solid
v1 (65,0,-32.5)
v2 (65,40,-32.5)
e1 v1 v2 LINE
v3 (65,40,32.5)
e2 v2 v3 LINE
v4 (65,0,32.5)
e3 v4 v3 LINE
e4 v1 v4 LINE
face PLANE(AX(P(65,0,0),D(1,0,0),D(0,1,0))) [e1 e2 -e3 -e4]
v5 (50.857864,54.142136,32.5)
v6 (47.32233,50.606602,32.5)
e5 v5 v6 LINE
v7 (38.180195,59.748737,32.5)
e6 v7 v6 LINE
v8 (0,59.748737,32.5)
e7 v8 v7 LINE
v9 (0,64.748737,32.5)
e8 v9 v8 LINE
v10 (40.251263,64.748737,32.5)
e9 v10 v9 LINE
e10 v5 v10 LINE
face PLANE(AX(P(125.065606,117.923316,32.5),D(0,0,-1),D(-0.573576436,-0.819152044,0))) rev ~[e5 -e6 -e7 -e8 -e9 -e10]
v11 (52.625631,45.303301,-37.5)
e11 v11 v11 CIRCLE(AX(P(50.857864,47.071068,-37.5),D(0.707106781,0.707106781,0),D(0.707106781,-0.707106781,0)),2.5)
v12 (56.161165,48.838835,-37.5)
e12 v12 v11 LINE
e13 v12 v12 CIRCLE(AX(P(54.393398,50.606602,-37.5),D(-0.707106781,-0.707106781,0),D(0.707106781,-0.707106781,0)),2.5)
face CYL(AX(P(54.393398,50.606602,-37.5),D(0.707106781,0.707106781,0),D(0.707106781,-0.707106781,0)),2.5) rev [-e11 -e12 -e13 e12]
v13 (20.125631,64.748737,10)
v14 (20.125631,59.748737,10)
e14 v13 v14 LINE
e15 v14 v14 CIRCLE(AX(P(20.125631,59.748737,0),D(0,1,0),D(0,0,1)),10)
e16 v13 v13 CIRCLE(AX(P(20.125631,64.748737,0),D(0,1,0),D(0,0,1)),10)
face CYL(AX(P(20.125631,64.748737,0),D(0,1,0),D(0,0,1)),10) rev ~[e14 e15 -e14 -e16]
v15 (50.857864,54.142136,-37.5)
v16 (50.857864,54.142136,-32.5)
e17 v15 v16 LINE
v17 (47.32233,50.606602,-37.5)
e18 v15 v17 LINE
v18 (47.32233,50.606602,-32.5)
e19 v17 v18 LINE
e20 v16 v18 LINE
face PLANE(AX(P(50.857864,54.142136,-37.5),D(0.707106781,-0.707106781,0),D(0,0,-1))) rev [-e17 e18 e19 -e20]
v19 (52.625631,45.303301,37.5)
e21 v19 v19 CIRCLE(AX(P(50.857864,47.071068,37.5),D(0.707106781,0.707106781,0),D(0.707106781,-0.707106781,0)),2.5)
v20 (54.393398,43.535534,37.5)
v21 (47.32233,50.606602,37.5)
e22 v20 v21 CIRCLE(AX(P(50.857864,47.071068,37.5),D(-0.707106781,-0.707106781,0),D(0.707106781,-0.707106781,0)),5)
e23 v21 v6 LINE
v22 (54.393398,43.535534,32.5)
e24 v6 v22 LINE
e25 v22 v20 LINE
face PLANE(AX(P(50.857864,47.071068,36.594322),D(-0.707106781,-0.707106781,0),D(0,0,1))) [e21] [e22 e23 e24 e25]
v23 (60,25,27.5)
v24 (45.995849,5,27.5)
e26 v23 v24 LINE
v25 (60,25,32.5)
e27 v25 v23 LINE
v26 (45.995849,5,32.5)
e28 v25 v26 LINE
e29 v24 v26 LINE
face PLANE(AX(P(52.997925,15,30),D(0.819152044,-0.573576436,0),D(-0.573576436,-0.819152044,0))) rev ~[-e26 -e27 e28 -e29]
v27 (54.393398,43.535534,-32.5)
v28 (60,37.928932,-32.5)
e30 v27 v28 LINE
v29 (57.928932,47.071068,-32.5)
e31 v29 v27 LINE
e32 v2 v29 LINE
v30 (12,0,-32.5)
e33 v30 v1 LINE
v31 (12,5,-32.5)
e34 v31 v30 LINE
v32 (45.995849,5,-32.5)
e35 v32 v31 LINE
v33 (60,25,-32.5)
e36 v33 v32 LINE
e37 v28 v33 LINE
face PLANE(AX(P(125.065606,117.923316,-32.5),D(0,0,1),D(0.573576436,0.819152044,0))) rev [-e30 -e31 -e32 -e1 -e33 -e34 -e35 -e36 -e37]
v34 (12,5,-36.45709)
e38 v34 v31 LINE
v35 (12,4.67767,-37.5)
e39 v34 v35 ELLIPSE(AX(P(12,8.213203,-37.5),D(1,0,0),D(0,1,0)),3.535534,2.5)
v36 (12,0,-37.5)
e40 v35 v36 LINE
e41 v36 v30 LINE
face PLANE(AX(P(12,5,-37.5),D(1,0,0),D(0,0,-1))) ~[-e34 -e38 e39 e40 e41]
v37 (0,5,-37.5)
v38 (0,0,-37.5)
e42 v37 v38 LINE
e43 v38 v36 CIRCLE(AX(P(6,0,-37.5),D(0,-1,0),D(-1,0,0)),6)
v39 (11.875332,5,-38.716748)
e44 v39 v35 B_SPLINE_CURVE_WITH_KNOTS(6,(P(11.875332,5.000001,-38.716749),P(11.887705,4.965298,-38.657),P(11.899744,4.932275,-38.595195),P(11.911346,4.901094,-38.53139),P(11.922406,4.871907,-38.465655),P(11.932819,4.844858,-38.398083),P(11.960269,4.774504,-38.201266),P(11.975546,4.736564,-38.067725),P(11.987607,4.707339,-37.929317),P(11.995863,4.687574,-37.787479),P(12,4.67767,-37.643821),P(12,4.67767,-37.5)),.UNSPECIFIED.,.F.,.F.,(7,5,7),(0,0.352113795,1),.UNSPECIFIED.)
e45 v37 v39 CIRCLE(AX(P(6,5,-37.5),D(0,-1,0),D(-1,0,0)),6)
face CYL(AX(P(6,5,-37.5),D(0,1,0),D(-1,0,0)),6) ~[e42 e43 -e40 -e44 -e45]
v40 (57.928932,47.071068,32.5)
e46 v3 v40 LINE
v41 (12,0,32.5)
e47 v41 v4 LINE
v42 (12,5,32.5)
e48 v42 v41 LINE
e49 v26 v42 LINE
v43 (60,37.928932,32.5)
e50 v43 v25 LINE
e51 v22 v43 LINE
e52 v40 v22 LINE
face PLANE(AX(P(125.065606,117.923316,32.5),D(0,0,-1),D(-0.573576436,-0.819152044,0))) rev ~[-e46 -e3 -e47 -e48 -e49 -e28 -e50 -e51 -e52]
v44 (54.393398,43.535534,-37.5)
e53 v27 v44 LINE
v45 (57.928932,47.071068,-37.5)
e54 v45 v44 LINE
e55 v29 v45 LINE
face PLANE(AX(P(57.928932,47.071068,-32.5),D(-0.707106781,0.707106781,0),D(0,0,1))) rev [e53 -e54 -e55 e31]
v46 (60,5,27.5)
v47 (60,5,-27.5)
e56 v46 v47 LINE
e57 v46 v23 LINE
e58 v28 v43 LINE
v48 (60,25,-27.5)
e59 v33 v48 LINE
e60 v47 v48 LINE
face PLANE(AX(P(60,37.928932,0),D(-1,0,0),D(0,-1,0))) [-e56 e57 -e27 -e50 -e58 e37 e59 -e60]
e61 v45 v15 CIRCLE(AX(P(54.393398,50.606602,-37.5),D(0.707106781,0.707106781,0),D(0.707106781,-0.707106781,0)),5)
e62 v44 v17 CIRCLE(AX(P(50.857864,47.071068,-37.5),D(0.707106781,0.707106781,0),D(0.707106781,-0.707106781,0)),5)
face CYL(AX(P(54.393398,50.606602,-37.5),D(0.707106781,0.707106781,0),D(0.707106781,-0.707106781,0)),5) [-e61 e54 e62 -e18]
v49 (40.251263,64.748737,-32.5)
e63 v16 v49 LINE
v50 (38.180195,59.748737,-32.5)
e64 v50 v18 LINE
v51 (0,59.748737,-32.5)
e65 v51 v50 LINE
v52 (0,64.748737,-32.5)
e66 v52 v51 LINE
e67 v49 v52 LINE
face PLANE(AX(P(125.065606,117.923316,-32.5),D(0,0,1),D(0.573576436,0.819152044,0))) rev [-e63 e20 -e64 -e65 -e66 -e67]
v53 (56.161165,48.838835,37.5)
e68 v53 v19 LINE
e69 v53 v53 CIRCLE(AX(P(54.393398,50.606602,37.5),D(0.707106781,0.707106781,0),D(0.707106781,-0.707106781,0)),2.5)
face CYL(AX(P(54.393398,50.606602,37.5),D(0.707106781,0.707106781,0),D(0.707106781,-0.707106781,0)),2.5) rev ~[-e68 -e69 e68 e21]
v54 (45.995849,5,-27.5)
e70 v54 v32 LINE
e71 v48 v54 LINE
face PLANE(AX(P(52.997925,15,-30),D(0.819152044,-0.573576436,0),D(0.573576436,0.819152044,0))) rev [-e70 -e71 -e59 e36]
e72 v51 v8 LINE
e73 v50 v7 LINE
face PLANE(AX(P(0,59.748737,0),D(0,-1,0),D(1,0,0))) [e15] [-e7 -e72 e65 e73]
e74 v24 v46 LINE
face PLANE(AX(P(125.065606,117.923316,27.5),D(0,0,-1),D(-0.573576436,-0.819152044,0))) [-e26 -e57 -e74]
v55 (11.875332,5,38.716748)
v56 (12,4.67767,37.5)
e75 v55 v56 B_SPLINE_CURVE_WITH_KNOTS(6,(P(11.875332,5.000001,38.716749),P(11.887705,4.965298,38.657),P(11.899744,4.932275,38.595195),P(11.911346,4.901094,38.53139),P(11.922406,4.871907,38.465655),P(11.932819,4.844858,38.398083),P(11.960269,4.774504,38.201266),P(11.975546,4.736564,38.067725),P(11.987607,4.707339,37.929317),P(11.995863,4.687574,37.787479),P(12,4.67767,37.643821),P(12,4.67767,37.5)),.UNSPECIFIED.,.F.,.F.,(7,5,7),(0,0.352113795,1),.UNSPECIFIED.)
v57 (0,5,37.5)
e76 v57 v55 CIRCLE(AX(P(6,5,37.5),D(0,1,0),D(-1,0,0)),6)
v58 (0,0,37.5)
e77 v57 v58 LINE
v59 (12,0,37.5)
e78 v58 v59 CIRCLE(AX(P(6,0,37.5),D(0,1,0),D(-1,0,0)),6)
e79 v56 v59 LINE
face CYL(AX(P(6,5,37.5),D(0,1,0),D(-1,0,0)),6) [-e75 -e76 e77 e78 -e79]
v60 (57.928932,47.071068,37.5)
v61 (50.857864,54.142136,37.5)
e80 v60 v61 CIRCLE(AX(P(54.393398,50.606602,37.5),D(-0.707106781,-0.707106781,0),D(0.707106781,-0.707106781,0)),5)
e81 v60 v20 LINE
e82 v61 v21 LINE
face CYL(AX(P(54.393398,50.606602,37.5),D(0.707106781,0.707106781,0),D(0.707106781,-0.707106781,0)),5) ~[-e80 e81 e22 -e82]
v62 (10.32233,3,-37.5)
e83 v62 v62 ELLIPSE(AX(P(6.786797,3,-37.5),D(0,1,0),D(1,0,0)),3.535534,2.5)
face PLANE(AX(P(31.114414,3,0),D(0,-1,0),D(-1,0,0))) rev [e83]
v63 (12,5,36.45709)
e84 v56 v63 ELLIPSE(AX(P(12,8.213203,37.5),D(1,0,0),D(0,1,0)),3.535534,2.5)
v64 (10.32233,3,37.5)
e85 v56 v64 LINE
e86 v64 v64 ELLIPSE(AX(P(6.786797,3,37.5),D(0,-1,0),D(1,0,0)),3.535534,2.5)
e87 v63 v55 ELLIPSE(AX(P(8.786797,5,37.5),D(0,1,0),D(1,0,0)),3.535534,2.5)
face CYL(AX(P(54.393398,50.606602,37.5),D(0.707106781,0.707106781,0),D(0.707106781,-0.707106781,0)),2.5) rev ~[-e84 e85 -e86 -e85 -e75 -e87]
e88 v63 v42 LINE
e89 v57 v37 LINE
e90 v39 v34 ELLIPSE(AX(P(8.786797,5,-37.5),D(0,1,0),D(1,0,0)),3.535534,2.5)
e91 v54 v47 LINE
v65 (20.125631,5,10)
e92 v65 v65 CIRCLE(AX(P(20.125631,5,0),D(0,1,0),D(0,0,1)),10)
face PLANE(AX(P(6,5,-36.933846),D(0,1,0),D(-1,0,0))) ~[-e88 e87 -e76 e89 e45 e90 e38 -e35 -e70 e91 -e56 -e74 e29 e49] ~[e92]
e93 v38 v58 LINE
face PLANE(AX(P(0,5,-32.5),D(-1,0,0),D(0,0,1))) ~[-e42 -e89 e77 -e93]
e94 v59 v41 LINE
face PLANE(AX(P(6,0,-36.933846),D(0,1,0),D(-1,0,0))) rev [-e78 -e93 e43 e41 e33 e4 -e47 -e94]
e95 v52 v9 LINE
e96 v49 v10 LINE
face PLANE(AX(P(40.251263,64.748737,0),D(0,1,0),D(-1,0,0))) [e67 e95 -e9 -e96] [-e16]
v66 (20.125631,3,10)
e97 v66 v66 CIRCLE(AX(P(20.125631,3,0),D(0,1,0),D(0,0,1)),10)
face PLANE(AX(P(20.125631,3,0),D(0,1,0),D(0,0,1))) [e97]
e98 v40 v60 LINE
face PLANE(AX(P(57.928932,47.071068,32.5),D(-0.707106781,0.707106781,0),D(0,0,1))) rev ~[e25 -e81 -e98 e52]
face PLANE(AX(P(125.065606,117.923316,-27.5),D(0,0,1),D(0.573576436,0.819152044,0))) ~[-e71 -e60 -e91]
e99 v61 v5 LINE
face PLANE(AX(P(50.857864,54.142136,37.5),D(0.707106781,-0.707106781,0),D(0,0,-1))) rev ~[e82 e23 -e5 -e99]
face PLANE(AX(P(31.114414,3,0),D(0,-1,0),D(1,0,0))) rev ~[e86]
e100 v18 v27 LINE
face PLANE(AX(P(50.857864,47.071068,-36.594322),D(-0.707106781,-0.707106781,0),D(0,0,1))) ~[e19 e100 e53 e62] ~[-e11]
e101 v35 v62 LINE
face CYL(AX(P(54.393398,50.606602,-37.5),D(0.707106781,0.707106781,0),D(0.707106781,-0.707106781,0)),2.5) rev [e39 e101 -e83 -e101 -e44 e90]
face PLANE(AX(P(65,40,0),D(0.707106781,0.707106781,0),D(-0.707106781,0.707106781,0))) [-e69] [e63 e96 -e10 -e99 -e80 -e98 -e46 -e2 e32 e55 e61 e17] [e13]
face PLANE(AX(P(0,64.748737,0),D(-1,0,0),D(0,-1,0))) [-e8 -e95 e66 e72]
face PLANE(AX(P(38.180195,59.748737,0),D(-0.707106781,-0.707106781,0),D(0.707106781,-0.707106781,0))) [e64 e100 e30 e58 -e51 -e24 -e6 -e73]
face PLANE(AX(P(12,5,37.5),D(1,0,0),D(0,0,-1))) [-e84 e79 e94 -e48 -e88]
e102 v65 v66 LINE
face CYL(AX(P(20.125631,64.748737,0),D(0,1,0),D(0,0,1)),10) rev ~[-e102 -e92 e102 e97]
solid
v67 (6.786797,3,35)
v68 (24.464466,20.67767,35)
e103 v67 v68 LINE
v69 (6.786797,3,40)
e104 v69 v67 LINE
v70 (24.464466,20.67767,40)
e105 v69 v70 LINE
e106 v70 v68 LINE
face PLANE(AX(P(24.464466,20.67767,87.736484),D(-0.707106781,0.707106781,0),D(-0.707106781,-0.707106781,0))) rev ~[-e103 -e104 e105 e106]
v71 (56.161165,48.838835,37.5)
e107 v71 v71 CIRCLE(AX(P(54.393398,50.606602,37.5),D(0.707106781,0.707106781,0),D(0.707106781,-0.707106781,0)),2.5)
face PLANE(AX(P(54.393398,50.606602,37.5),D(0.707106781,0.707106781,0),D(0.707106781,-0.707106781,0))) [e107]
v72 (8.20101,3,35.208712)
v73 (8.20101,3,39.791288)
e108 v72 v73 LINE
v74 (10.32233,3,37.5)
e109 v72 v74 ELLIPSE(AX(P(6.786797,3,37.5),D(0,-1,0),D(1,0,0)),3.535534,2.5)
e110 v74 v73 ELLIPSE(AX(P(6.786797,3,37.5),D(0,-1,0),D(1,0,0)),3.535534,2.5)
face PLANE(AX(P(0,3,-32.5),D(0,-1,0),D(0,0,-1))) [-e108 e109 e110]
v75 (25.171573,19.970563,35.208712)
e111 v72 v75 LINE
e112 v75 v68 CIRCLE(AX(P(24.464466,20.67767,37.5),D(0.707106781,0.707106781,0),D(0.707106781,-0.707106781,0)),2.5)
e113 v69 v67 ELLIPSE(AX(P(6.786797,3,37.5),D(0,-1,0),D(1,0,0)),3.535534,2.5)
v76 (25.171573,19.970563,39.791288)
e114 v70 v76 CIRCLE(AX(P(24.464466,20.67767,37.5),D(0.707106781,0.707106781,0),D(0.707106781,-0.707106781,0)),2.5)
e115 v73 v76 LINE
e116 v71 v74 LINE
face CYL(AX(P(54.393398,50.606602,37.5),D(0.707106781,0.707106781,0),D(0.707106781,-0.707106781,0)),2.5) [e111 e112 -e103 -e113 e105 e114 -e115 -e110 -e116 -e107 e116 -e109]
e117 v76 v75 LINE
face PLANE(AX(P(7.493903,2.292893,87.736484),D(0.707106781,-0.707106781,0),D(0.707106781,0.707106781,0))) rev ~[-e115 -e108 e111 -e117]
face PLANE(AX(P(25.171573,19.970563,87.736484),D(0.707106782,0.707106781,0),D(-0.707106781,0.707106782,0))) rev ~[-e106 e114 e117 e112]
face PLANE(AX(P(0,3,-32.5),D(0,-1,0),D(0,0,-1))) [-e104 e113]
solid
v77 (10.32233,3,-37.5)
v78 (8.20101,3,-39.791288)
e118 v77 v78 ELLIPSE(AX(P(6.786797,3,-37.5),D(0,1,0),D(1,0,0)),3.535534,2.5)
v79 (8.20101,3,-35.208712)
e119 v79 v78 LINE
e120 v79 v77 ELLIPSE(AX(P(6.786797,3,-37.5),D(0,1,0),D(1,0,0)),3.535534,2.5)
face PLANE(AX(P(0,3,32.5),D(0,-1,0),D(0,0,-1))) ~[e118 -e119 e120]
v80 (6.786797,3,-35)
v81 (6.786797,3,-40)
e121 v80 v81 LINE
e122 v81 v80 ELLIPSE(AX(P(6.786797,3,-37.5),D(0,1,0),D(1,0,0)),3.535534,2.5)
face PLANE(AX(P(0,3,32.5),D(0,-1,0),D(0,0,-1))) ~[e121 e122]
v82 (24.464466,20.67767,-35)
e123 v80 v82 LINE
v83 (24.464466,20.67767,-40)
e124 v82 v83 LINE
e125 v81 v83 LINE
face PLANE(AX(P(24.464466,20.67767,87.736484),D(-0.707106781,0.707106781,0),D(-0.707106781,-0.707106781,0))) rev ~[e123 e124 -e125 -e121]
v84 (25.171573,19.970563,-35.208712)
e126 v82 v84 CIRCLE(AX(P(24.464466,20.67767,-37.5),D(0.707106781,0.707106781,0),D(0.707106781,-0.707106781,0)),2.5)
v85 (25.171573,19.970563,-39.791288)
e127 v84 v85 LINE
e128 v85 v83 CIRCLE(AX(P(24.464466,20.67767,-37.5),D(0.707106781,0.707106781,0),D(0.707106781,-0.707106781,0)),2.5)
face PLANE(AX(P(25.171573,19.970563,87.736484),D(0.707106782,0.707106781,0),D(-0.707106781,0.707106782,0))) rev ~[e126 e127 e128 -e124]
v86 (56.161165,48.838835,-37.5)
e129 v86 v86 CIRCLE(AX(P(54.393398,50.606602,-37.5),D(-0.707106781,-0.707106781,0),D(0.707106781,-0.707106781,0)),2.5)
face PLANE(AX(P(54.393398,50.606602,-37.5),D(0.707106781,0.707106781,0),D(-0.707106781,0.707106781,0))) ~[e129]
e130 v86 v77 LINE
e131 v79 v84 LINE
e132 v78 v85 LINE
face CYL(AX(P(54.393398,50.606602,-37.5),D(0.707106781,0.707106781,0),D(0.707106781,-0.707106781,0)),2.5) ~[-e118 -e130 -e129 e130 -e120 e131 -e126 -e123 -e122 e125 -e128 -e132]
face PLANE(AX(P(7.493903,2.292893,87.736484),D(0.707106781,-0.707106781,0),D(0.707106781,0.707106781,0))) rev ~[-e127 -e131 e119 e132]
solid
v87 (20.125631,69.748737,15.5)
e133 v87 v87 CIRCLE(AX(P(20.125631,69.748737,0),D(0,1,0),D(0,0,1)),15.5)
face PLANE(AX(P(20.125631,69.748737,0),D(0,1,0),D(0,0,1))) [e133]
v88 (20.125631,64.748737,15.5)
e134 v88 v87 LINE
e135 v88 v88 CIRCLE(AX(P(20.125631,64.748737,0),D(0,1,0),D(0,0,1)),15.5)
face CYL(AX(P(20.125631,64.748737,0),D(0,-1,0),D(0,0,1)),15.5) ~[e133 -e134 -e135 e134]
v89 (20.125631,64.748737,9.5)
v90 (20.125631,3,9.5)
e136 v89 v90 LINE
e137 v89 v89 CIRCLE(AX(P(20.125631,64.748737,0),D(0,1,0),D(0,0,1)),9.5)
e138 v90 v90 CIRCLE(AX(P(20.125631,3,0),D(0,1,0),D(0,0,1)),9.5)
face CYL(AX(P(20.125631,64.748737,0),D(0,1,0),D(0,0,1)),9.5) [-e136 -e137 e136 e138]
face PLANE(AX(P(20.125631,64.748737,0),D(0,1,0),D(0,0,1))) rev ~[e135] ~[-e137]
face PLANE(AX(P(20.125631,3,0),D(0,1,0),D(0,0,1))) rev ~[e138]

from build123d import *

# Parameters (mm, degrees)
BOSS_EXTRUDE1_DEPTH              = 32.5
RIB1_REACH                       = 114.438
SKETCH2_WALL_W                   = 251.292337958
SKETCH2_WALL_H                   = 5
BOSS_EXTRUDE2_DEPTH              = 5
BOSS_EXTRUDE3_DEPTH              = 5
CUT_EXTRUDE1_REACH               = 91.051
CUT_EXTRUDE1_OFFSET_FROM_SURFACE = 3
SKETCH5_R                        = 2.5
BOSS_EXTRUDE4_REACH              = 88.051
SKETCH6_R                        = 2.5
SKETCH7_R                        = 10
CUT_EXTRUDE2_DEPTH               = 61.748737342
SKETCH8_R                        = 9.5
BOSS_EXTRUDE5_DEPTH              = 61.748737342
SKETCH9_R                        = 15.5
BOSS_EXTRUDE6_DEPTH              = 5
CUT_EXTRUDE_THIN1_DEPTH          = 127.736484003
CUT_EXTRUDE_THIN1_DEPTH_BACK     = 127.736484003


with BuildPart() as part:
    # Sketch1 → Boss-Extrude1 (new, symmetric)
    with BuildSketch(Plane.XY):
        Polygon((0, 0), (65, 0), (65, 40), (40.251262658, 64.748737342), (0, 64.748737342), (0, 59.748737342), (38.180194847, 59.748737342), (60, 37.928932188), (60, 5), (0, 5), align=None)
    extrude(amount=BOSS_EXTRUDE1_DEPTH, both=True)

    # Sketch2 wall → Rib1 (add, up to next)
    with BuildSketch(Plane(origin=(52.997924618, 15, 32.5), x_dir=(-0.573576436346, -0.819152044293, 0), z_dir=(0.819152044293, -0.573576436346, 0)), mode=Mode.PRIVATE) as rib1_sk1:
        with Locations((0, 2.5)):
            Rectangle(SKETCH2_WALL_W, SKETCH2_WALL_H)
    rib1_tool1 = extrude(rib1_sk1.sketch, amount=RIB1_REACH, mode=Mode.PRIVATE) - part.part
    rib1 = rib1_tool1.solids().sort_by_distance((52.997924618, 15, 32.5))[0]
    add(rib1)

    # Mirror1: Rib1 across plane
    add(rib1.mirror(Plane.XY))

    # Sketch3 → Boss-Extrude2 (add)
    with BuildSketch(Plane(origin=(52.5, 52.5, 0), x_dir=(0, 0, -1), z_dir=(0.707106781186546, 0.707106781186549, 0))):
        with BuildLine():
            Line((-32.5, -7.67766953), (-37.5, -7.67766953))
            ThreePointArc((-37.5, -7.67766953), (-42.5, -2.67766953), (-37.5, 2.32233047))
            Line((-37.5, 2.32233047), (-32.5, 2.32233047))
            Line((-32.5, 2.32233047), (-32.5, -7.67766953))
        make_face()
    boss_extrude2 = extrude(amount=-BOSS_EXTRUDE2_DEPTH)

    # Mirror2: Boss-Extrude2 across plane
    add(boss_extrude2.mirror(Plane.XY))

    # Sketch4 → Boss-Extrude3 (add)
    with BuildSketch(Plane(origin=(0, 5, 0), x_dir=(1, 0, 0), z_dir=(0, 1, 0))):
        with BuildLine():
            Line((0, -32.5), (0, -37.5))
            ThreePointArc((0, -37.5), (6, -43.5), (12, -37.5))
            Line((12, -37.5), (12, -32.5))
            Line((12, -32.5), (0, -32.5))
        make_face()
    boss_extrude3 = extrude(amount=-BOSS_EXTRUDE3_DEPTH)

    # Mirror3: Boss-Extrude3 across plane
    add(boss_extrude3.mirror(Plane.XY))

    # Cut-Extrude1: up to this face of the body (flat: up to its plane, moved by the offset)
    cut_extrude1_end = Plane(part.part.faces().sort_by_distance((31.114413521, 0, 0))[0]).offset(-CUT_EXTRUDE1_OFFSET_FROM_SURFACE)
    # Sketch5 → Cut-Extrude1 (cut, up to the picked face)
    with BuildSketch(Plane(origin=(52.5, 52.5, 0), x_dir=(0, 0, -1), z_dir=(0.707106781186546, 0.707106781186549, 0)), mode=Mode.PRIVATE) as cut_extrude1_sk1:
        with Locations(Location((-37.5, -2.67766953, 0), (0, 0, 270))):
            Circle(SKETCH5_R)
    cut_extrude1_tool1 = split(extrude(cut_extrude1_sk1.sketch, amount=-CUT_EXTRUDE1_REACH, mode=Mode.PRIVATE), bisect_by=cut_extrude1_end, keep=Keep.BOTH, mode=Mode.PRIVATE)
    cut_extrude1 = cut_extrude1_tool1.solids().sort_by(Axis((54.393398, 50.606602, 37.5), (-0.707106781186546, -0.707106781186549, 0)))[0]
    add(cut_extrude1, mode=Mode.SUBTRACT)

    # Mirror4: Cut-Extrude1 across plane
    add(cut_extrude1.mirror(Plane.XY), mode=Mode.SUBTRACT)

    # Sketch7 → Cut-Extrude2 (cut)
    with BuildSketch(Plane(origin=(0, 64.748737342, 0), x_dir=(1, 0, 0), z_dir=(0, 1, 0))):
        with Locations(Location((20.125631329, 0, 0), (0, 0, 270))):
            Circle(SKETCH7_R)
    extrude(amount=-CUT_EXTRUDE2_DEPTH, mode=Mode.SUBTRACT)


with BuildPart() as body_2:
    # Boss-Extrude4: up to this plane
    boss_extrude4_end = Plane(origin=(0, 3, -32.5), z_dir=(0, -1, 0))
    # Sketch6 → Boss-Extrude4 (new, up to the surface)
    with BuildSketch(Plane(origin=(52.5, 52.5, 0), x_dir=(0, 0, -1), z_dir=(0.707106781186546, 0.707106781186549, 0)), mode=Mode.PRIVATE) as boss_extrude4_sk1:
        with Locations(Location((-37.5, -2.67766953, 0), (0, 0, 270))):
            Circle(SKETCH6_R)
    boss_extrude4_tool1 = split(extrude(boss_extrude4_sk1.sketch, amount=-BOSS_EXTRUDE4_REACH, mode=Mode.PRIVATE), bisect_by=boss_extrude4_end, keep=Keep.BOTH, mode=Mode.PRIVATE)
    add(boss_extrude4_tool1.solids().sort_by_distance((54.393398, 50.606602, 37.5))[0])


with BuildPart() as body_3:
    # Mirror7: mirrored copy
    add(body_2.part.mirror(Plane.XY))


with BuildPart() as body_4:
    # Sketch8 → Boss-Extrude5 (new body)
    with BuildSketch(Plane(origin=(0, 64.748737342, 0), x_dir=(1, 0, 0), z_dir=(0, 1, 0))):
        with Locations(Location((20.125631329, 0, 0), (0, 0, 270))):
            Circle(SKETCH8_R)
    extrude(amount=-BOSS_EXTRUDE5_DEPTH)


with BuildPart() as body_5:
    # Sketch9 → Boss-Extrude6 (new body)
    with BuildSketch(Plane(origin=(0, 64.748737342, 0), x_dir=(1, 0, 0), z_dir=(0, 1, 0))):
        with Locations(Location((20.125631329, 0, 0), (0, 0, 270))):
            Circle(SKETCH9_R)
    extrude(amount=BOSS_EXTRUDE6_DEPTH)


with BuildPart() as body_4_1:
    add(body_4.part)

    # Combine1: union body 5
    add(body_5.part)


with BuildPart() as cut_extrude_thin1_tool:
    # Sketch12 → Cut-Extrude-Thin1 (new, two sides: drawn at the far end of the back side and taken through both)
    with BuildSketch(Plane(origin=(0, 0, -40), x_dir=(-1, 0, 0), z_dir=(0, 0, -1)).offset(-CUT_EXTRUDE_THIN1_DEPTH_BACK)):
        Polygon((-24.464466094, 20.67766953), (-6.786796564, 3), (-7.493903346, 2.292893219), (-25.171572875, 19.970562748), align=None)
    extrude(amount=CUT_EXTRUDE_THIN1_DEPTH + CUT_EXTRUDE_THIN1_DEPTH_BACK)


with BuildPart() as body_3_1:
    add(body_3.part)

    # Cut-Extrude-Thin1: cut by cut_extrude_thin1_tool
    add(cut_extrude_thin1_tool.part, mode=Mode.SUBTRACT)


with BuildPart() as body_2_1:
    add(body_2.part)

    # Cut-Extrude-Thin1: cut by cut_extrude_thin1_tool
    add(cut_extrude_thin1_tool.part, mode=Mode.SUBTRACT)


solid = Compound([part.part, body_4_1.part, body_3_1.part, body_2_1.part])
